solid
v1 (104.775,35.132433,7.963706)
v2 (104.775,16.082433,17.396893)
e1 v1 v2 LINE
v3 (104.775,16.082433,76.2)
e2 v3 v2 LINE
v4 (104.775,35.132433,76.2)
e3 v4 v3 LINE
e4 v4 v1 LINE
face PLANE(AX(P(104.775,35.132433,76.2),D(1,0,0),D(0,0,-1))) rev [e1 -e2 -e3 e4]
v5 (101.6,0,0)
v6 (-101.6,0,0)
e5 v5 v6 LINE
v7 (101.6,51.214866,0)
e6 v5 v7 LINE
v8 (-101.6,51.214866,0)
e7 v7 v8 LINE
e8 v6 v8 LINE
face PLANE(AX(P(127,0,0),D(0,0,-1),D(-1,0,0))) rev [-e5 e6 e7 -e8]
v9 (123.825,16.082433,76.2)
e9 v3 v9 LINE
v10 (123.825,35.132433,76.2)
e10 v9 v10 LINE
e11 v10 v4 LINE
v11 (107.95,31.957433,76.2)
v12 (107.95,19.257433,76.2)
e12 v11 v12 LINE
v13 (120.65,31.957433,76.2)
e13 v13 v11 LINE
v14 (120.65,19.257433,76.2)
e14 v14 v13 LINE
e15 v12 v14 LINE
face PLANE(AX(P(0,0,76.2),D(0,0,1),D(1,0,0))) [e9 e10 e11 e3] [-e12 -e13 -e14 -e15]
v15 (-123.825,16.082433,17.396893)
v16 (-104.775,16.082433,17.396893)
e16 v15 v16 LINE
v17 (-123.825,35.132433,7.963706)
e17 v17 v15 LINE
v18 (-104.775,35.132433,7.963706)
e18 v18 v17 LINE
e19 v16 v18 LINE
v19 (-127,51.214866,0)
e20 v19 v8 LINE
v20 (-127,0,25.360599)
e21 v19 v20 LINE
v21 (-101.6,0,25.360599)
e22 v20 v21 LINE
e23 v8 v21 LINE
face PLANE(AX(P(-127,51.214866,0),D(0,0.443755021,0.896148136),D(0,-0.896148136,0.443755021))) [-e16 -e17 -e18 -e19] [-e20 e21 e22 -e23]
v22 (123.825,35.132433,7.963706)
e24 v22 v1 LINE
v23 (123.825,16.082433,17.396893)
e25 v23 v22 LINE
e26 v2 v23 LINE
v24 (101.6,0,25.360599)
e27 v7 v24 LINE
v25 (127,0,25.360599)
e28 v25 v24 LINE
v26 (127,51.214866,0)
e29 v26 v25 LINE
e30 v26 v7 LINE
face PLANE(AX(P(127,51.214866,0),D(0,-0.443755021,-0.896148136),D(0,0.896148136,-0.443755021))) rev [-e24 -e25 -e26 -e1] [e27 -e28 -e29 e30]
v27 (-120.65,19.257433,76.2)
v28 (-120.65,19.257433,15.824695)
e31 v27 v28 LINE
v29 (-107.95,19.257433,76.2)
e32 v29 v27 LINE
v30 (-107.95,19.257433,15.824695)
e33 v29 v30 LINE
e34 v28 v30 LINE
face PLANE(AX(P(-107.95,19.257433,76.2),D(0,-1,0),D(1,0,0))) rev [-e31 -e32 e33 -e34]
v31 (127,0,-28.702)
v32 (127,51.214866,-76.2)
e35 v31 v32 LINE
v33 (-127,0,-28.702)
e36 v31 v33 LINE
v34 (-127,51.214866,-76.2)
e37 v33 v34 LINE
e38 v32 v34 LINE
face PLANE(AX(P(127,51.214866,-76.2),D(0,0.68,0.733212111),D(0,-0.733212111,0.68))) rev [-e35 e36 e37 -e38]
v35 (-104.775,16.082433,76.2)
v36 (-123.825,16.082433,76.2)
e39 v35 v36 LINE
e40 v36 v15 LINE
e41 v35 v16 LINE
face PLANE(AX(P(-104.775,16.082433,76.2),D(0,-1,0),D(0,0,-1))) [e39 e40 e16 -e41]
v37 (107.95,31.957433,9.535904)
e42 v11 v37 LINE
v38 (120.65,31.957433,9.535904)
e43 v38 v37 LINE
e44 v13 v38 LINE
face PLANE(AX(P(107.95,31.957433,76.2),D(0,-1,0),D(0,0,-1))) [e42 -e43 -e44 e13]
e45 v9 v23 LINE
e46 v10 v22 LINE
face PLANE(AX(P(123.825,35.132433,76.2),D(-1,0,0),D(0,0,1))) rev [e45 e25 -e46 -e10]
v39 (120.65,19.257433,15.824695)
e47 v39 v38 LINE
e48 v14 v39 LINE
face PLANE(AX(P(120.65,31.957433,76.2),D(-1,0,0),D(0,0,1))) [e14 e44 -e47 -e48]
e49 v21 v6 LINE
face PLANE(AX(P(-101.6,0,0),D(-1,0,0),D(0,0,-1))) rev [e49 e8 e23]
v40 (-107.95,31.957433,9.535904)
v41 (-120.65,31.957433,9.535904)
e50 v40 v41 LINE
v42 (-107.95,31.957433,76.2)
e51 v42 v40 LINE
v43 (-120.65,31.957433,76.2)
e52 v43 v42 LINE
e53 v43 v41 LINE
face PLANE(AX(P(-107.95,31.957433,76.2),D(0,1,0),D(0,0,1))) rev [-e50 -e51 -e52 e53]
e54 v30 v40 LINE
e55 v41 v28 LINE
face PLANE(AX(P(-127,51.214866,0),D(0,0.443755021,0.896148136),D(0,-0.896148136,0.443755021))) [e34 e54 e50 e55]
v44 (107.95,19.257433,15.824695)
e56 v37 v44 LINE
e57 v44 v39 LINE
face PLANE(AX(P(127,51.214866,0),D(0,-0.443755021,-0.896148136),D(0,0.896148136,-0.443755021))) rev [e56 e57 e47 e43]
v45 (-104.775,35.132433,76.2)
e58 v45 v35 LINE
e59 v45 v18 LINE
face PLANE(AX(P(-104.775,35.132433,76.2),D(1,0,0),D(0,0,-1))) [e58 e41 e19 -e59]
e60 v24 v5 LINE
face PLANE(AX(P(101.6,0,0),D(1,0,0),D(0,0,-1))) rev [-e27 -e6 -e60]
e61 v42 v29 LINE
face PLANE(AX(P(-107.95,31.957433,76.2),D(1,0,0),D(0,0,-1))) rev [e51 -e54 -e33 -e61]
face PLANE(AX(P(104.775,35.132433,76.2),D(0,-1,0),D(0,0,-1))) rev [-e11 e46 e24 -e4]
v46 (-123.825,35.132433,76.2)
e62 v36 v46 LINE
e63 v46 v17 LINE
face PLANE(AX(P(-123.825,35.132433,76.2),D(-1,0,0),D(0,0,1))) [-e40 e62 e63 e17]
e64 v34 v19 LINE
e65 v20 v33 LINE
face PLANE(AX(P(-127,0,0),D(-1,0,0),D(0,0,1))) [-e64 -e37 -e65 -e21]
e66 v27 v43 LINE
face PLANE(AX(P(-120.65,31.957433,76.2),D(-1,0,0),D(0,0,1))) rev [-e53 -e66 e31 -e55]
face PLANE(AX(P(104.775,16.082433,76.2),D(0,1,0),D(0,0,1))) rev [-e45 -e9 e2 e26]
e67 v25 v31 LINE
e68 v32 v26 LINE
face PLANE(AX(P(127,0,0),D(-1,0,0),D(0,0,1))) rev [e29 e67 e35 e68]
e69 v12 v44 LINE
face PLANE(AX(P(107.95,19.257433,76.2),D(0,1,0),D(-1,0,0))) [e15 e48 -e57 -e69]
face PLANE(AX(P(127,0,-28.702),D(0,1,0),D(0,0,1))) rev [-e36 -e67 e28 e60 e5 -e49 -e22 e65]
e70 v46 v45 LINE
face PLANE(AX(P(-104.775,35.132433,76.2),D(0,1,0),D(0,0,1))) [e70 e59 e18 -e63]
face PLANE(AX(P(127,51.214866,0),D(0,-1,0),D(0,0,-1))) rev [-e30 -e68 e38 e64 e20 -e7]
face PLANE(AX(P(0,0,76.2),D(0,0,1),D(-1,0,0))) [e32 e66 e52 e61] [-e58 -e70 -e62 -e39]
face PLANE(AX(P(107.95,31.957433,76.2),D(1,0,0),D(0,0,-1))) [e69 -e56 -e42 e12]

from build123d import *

# Parameters (mm, degrees)
BOSS_EXTRUDE1_DEPTH = 127
BOSS_EXTRUDE2_START = 101.6
BOSS_EXTRUDE2_DEPTH = 25.4
SKETCH4_W           = 19.05
SKETCH4_H           = 19.05
SKETCH4_W_2         = 12.7
SKETCH4_H_2         = 12.7
BOSS_EXTRUDE3_DEPTH = 76.2


with BuildPart() as part:
    # Sketch1 → Boss-Extrude1 (new, symmetric)
    with BuildSketch(Plane(origin=(0, 0, 0), x_dir=(0, 0, -1), z_dir=(1, 0, 0))):
        Polygon((0, 0), (0, 51.214865967), (76.2, 51.214865967), (28.702, 0), align=None)
    extrude(amount=BOSS_EXTRUDE1_DEPTH, both=True)

    # Sketch3 → Boss-Extrude2 (add)
    with BuildSketch(Plane(origin=(0, 0, 0), x_dir=(0, 0, -1), z_dir=(1, 0, 0)).offset(BOSS_EXTRUDE2_START)):
        Polygon((0, 51.214865967), (-25.360599441, 0), (0, 0), align=None)
    boss_extrude2 = extrude(amount=BOSS_EXTRUDE2_DEPTH)

    # Mirror1: Boss-Extrude2 across plane
    add(boss_extrude2.mirror(Plane(origin=(0, 0, 0), x_dir=(0, 0, 1), z_dir=(1, 0, 0))))

    # Sketch4 → Boss-Extrude3 (add)
    with BuildSketch(Plane.XY):
        with Locations((114.3, 25.607432983)):
            Rectangle(SKETCH4_W, SKETCH4_H)
        with Locations((114.3, 25.607432983)):
            Rectangle(SKETCH4_W_2, SKETCH4_H_2, mode=Mode.SUBTRACT)
    boss_extrude3 = extrude(amount=BOSS_EXTRUDE3_DEPTH)

    # Mirror2: Boss-Extrude3 across plane
    add(boss_extrude3.mirror(Plane(origin=(0, 0, 0), x_dir=(0, 0, 1), z_dir=(1, 0, 0))))


solid = part.part
